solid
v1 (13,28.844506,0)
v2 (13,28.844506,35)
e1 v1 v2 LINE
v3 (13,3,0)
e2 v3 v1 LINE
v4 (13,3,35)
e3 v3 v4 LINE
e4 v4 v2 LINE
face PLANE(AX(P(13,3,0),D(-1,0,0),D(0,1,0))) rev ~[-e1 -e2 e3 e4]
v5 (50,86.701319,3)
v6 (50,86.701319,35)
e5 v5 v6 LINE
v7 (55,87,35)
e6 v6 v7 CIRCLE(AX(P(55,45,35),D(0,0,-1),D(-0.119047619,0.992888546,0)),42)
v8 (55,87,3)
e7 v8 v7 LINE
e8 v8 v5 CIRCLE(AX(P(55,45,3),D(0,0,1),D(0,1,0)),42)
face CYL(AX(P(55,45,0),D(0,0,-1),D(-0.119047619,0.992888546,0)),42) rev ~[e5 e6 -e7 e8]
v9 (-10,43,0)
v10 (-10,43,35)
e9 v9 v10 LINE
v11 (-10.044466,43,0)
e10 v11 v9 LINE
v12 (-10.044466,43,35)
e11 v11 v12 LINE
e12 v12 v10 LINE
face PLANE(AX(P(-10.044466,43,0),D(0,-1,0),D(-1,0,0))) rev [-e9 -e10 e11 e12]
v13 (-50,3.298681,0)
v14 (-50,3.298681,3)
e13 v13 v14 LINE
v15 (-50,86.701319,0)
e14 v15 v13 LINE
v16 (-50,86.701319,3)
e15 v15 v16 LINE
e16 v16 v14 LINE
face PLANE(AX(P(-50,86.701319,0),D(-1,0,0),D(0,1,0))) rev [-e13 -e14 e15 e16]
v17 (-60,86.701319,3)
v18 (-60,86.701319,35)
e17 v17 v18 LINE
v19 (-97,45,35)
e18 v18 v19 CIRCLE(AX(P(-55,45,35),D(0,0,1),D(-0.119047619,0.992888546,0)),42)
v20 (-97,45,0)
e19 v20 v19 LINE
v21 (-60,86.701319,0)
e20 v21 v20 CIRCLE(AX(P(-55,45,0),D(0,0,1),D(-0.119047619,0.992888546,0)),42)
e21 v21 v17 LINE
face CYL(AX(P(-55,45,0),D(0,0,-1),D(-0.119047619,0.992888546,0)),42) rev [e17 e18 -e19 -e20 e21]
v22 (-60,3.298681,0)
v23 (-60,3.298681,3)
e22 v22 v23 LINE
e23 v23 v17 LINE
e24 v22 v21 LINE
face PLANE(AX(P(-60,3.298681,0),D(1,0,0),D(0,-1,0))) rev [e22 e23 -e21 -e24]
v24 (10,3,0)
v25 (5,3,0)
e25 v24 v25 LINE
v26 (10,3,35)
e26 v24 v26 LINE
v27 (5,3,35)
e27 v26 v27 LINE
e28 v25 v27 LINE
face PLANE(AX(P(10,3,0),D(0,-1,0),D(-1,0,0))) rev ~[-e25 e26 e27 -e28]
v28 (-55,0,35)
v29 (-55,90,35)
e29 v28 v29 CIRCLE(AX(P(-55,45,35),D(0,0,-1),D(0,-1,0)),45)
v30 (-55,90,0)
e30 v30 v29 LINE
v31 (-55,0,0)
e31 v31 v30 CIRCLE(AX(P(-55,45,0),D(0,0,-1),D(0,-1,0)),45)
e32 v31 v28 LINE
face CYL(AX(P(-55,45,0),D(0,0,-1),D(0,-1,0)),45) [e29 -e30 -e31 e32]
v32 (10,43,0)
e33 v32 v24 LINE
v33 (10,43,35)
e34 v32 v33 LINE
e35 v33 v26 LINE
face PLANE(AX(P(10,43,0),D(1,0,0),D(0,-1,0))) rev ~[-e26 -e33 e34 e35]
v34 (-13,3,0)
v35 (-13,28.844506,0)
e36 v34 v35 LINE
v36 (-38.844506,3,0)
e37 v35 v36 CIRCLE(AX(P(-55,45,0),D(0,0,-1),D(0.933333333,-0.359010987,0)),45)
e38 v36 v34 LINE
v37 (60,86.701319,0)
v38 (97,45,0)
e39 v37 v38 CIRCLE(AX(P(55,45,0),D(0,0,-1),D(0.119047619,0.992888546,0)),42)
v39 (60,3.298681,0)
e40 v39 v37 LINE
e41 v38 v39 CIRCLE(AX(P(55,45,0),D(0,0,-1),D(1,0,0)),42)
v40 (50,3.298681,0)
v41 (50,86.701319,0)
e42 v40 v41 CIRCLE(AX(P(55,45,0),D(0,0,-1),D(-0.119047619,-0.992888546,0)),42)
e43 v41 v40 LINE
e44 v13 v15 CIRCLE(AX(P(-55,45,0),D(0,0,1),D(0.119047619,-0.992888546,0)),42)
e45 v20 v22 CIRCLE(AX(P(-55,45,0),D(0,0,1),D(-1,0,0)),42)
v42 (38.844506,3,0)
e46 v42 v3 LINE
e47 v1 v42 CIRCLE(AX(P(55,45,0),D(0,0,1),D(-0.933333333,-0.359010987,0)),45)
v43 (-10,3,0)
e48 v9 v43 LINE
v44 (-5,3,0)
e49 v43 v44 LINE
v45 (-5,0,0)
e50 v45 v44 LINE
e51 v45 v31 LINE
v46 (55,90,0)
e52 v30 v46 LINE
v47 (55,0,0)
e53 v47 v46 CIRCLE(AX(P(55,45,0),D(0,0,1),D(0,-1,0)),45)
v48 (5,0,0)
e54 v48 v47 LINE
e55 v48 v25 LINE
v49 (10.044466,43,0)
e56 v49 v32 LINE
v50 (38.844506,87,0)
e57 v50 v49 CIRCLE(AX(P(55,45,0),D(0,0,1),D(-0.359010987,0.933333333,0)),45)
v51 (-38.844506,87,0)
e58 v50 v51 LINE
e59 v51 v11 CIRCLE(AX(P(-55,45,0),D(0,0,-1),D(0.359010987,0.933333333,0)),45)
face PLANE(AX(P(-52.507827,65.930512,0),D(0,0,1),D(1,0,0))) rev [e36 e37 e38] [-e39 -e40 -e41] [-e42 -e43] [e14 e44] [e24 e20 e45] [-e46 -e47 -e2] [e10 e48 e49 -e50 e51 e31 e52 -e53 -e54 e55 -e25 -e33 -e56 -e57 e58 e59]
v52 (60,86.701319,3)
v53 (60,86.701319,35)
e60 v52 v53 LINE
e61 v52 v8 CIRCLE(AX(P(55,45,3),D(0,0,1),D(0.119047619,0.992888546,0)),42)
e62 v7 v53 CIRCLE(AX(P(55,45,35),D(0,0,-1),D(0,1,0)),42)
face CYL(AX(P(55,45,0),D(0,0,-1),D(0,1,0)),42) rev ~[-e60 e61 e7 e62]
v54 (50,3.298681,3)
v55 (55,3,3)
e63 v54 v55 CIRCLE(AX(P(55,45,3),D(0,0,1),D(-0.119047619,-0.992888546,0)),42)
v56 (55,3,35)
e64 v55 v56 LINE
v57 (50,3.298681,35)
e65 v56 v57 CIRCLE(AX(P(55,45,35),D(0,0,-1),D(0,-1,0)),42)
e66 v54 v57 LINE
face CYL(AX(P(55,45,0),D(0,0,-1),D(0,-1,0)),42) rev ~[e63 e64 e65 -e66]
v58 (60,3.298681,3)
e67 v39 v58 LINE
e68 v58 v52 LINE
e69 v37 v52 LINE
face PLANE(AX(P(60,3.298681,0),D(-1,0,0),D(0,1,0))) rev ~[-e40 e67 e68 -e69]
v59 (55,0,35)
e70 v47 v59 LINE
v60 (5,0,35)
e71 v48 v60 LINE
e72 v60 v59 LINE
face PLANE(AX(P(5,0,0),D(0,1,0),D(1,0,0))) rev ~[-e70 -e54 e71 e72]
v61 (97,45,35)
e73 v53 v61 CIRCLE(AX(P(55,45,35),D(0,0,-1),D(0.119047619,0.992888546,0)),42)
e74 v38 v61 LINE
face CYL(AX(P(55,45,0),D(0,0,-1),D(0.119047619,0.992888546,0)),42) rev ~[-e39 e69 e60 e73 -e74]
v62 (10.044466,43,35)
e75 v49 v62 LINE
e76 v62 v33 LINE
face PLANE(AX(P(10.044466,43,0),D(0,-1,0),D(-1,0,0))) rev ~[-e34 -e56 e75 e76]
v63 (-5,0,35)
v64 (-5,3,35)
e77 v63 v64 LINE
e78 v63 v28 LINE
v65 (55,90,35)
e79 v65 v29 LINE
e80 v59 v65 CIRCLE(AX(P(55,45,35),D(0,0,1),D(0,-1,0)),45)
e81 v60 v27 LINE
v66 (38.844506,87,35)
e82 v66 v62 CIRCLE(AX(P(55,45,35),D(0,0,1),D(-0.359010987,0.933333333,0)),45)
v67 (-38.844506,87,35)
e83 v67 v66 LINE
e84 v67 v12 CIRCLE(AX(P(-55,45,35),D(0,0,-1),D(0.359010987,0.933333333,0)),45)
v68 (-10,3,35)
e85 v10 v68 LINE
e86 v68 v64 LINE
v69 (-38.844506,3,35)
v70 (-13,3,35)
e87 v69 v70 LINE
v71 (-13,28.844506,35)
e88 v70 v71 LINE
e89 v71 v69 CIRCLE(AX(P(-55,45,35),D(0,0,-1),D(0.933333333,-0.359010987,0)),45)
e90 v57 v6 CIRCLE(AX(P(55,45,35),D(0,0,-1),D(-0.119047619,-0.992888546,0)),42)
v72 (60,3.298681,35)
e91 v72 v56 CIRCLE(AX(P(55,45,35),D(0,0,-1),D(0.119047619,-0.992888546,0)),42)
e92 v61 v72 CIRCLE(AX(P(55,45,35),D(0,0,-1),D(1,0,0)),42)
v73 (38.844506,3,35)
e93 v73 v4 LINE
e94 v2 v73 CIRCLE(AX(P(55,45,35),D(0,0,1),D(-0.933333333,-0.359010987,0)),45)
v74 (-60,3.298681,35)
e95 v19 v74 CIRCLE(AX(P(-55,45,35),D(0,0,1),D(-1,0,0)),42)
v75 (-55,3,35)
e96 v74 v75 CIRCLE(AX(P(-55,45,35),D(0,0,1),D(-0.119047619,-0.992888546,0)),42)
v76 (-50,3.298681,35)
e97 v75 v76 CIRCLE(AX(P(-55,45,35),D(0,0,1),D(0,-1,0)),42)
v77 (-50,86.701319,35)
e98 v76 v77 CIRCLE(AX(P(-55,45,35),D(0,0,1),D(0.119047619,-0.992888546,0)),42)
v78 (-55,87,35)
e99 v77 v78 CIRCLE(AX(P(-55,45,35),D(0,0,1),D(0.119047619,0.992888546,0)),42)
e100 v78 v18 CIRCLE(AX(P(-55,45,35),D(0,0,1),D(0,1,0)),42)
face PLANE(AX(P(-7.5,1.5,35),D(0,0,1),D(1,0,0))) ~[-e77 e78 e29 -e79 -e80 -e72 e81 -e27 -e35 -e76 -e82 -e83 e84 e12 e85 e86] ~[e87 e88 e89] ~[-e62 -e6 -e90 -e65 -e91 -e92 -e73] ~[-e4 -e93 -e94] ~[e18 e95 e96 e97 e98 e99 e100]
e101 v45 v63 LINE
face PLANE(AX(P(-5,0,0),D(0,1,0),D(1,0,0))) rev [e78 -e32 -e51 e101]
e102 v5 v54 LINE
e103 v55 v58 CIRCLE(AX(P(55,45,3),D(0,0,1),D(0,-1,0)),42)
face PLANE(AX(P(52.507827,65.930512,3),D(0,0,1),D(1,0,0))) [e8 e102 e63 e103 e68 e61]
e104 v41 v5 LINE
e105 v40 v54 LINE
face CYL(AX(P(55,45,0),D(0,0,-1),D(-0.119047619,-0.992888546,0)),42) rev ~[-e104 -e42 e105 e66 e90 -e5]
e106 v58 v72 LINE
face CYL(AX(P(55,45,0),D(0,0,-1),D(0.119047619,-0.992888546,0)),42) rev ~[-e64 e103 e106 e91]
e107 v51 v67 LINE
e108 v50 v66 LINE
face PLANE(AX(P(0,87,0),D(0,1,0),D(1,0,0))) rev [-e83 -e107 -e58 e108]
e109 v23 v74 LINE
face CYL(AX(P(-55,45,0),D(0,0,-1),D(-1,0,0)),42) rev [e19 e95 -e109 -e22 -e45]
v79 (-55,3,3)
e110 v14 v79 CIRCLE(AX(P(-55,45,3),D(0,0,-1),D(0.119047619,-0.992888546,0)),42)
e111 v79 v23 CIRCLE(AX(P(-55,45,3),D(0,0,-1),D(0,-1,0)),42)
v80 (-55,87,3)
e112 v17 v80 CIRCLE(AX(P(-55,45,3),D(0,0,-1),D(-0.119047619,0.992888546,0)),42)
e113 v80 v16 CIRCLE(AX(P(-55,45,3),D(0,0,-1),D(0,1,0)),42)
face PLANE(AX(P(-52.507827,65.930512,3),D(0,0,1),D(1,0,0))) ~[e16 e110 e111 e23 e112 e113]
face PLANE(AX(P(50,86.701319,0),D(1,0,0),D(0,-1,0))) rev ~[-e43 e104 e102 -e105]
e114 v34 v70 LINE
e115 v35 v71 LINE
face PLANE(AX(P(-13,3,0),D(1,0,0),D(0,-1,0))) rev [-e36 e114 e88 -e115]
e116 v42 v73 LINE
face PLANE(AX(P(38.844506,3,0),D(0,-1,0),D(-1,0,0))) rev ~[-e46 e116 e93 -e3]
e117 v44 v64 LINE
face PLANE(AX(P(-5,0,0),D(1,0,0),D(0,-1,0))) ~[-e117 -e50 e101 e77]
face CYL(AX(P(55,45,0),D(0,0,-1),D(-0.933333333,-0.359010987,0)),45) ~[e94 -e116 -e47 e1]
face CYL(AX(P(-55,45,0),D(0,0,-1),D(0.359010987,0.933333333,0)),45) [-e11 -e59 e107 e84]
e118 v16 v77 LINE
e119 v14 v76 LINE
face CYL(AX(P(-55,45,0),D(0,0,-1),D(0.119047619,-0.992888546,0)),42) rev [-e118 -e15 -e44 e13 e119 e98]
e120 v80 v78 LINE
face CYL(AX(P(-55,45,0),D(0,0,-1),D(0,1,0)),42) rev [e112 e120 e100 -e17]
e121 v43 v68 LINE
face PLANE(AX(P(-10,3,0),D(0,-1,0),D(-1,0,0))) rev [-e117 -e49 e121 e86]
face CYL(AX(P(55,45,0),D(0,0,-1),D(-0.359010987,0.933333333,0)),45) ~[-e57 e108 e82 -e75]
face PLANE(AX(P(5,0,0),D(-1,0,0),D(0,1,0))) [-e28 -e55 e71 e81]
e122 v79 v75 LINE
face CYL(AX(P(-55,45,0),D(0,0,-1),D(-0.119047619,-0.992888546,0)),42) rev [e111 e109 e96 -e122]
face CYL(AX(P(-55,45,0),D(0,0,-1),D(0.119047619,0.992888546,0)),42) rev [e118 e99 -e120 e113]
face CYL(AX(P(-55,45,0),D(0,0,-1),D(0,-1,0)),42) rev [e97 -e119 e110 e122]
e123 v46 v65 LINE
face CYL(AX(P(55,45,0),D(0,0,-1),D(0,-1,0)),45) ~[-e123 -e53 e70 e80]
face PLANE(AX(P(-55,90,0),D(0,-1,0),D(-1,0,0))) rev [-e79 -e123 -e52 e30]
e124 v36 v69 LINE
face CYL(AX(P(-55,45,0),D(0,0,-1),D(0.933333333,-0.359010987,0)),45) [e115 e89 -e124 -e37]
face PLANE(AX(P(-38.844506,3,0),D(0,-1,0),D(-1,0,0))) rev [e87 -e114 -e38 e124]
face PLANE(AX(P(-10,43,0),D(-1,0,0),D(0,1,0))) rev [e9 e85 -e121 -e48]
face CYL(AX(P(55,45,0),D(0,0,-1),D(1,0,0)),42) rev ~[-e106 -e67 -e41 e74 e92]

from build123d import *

# Parameters (mm, degrees)
F0_W     = 5
F0_H     = 3
F1_DEPTH = 35
F2_DEPTH = 3


with BuildPart() as f1:
    # F0 (on Top) → F1 (new body)
    with BuildSketch(Plane.XY):
        with Locations((7.5, 1.5)):
            Rectangle(F0_W, F0_H)
        with BuildLine():
            Line((10, 3), (10, 0))
            Line((10, 0), (55, 0))
            ThreePointArc((55, 0), (46.7841616374, 0.7563563887), (38.8445055786, 3))
            Line((38.8445055786, 3), (13, 3))
            Line((13, 3), (10, 3))
        make_face()
        with BuildLine():
            Line((10, 43), (10, 3))
            Line((10, 3), (13, 3))
            Line((13, 3), (13, 28.8445055786))
            ThreePointArc((13, 28.8445055786), (10.9499068005, 35.8027564392), (10.044466414, 43))
            Line((10.044466414, 43), (10, 43))
        make_face()
        with BuildLine():
            ThreePointArc((38.8445055786, 3), (46.7841616374, 0.7563563887), (55, 0))
            Line((55, 0), (55, 3))
            Line((55, 3), (38.8445055786, 3))
        make_face()
        with BuildLine():
            Line((38.8445055786, 3), (55, 3))
            ThreePointArc((55, 3), (52.4955434529, 3.074736764), (50, 3.298681076))
            ThreePointArc((50, 3.298681076), (13, 45), (50, 86.701318924))
            ThreePointArc((50, 86.701318924), (52.4955434529, 86.925263236), (55, 87))
            Line((55, 87), (38.8445055786, 87))
            ThreePointArc((38.8445055786, 87), (17.3484470967, 69.6446863232), (10.044466414, 43))
            Line((10.044466414, 43), (13, 43))
            Line((13, 43), (13, 28.8445055786))
            ThreePointArc((13, 28.8445055786), (23.1801948466, 13.1801948466), (38.8445055786, 3))
        make_face()
        with BuildLine():
            Line((55, 3), (55, 0))
            ThreePointArc((55, 0), (86.8198051534, 13.1801948466), (100, 45))
            ThreePointArc((100, 45), (86.8198051534, 76.8198051534), (55, 90))
            Line((55, 90), (55, 87))
            ThreePointArc((55, 87), (57.5044565471, 86.925263236), (60, 86.701318924))
            ThreePointArc((60, 86.701318924), (86.4165561448, 72.8747197295), (97, 45))
            ThreePointArc((97, 45), (86.4165561448, 17.1252802705), (60, 3.298681076))
            ThreePointArc((60, 3.298681076), (57.5044565471, 3.074736764), (55, 3))
        make_face()
        with BuildLine():
            Line((55, 87), (55, 90))
            ThreePointArc((55, 90), (46.7841616374, 89.2436436113), (38.8445055786, 87))
            Line((38.8445055786, 87), (55, 87))
        make_face()
        with BuildLine():
            ThreePointArc((38.8445055786, 87), (46.7841616374, 89.2436436113), (55, 90))
            Line((55, 90), (0, 90))
            Line((0, 90), (0, 87))
            Line((0, 87), (38.8445055786, 87))
        make_face()
        with BuildLine():
            ThreePointArc((10.044466414, 43), (10.9499068005, 35.8027564392), (13, 28.8445055786))
            Line((13, 28.8445055786), (13, 43))
            Line((13, 43), (10.044466414, 43))
        make_face()
    extrude(amount=F1_DEPTH)

    # F0 (on Top) → F2 (join)
    with BuildSketch(Plane.XY):
        with BuildLine():
            Line((50, 45), (55, 45))
            Line((55, 45), (55, 87))
            ThreePointArc((55, 87), (52.4955434529, 86.925263236), (50, 86.701318924))
            Line((50, 86.701318924), (50, 45))
        make_face()
        with BuildLine():
            Line((55, 87), (55, 45))
            Line((55, 45), (60, 45))
            Line((60, 45), (60, 86.701318924))
            ThreePointArc((60, 86.701318924), (57.5044565471, 86.925263236), (55, 87))
        make_face()
        with BuildLine():
            ThreePointArc((50, 3.298681076), (52.4955434529, 3.074736764), (55, 3))
            Line((55, 3), (55, 45))
            Line((55, 45), (50, 45))
            Line((50, 45), (50, 3.298681076))
        make_face()
        with BuildLine():
            Line((55, 45), (55, 3))
            ThreePointArc((55, 3), (57.5044565471, 3.074736764), (60, 3.298681076))
            Line((60, 3.298681076), (60, 45))
            Line((60, 45), (55, 45))
        make_face()
    extrude(amount=F2_DEPTH)

    # F3: F1 across plane


with BuildPart() as f1_1:
    add(f1.part)
    add(f1.part.mirror(Plane.YZ))


solid = f1_1.part
